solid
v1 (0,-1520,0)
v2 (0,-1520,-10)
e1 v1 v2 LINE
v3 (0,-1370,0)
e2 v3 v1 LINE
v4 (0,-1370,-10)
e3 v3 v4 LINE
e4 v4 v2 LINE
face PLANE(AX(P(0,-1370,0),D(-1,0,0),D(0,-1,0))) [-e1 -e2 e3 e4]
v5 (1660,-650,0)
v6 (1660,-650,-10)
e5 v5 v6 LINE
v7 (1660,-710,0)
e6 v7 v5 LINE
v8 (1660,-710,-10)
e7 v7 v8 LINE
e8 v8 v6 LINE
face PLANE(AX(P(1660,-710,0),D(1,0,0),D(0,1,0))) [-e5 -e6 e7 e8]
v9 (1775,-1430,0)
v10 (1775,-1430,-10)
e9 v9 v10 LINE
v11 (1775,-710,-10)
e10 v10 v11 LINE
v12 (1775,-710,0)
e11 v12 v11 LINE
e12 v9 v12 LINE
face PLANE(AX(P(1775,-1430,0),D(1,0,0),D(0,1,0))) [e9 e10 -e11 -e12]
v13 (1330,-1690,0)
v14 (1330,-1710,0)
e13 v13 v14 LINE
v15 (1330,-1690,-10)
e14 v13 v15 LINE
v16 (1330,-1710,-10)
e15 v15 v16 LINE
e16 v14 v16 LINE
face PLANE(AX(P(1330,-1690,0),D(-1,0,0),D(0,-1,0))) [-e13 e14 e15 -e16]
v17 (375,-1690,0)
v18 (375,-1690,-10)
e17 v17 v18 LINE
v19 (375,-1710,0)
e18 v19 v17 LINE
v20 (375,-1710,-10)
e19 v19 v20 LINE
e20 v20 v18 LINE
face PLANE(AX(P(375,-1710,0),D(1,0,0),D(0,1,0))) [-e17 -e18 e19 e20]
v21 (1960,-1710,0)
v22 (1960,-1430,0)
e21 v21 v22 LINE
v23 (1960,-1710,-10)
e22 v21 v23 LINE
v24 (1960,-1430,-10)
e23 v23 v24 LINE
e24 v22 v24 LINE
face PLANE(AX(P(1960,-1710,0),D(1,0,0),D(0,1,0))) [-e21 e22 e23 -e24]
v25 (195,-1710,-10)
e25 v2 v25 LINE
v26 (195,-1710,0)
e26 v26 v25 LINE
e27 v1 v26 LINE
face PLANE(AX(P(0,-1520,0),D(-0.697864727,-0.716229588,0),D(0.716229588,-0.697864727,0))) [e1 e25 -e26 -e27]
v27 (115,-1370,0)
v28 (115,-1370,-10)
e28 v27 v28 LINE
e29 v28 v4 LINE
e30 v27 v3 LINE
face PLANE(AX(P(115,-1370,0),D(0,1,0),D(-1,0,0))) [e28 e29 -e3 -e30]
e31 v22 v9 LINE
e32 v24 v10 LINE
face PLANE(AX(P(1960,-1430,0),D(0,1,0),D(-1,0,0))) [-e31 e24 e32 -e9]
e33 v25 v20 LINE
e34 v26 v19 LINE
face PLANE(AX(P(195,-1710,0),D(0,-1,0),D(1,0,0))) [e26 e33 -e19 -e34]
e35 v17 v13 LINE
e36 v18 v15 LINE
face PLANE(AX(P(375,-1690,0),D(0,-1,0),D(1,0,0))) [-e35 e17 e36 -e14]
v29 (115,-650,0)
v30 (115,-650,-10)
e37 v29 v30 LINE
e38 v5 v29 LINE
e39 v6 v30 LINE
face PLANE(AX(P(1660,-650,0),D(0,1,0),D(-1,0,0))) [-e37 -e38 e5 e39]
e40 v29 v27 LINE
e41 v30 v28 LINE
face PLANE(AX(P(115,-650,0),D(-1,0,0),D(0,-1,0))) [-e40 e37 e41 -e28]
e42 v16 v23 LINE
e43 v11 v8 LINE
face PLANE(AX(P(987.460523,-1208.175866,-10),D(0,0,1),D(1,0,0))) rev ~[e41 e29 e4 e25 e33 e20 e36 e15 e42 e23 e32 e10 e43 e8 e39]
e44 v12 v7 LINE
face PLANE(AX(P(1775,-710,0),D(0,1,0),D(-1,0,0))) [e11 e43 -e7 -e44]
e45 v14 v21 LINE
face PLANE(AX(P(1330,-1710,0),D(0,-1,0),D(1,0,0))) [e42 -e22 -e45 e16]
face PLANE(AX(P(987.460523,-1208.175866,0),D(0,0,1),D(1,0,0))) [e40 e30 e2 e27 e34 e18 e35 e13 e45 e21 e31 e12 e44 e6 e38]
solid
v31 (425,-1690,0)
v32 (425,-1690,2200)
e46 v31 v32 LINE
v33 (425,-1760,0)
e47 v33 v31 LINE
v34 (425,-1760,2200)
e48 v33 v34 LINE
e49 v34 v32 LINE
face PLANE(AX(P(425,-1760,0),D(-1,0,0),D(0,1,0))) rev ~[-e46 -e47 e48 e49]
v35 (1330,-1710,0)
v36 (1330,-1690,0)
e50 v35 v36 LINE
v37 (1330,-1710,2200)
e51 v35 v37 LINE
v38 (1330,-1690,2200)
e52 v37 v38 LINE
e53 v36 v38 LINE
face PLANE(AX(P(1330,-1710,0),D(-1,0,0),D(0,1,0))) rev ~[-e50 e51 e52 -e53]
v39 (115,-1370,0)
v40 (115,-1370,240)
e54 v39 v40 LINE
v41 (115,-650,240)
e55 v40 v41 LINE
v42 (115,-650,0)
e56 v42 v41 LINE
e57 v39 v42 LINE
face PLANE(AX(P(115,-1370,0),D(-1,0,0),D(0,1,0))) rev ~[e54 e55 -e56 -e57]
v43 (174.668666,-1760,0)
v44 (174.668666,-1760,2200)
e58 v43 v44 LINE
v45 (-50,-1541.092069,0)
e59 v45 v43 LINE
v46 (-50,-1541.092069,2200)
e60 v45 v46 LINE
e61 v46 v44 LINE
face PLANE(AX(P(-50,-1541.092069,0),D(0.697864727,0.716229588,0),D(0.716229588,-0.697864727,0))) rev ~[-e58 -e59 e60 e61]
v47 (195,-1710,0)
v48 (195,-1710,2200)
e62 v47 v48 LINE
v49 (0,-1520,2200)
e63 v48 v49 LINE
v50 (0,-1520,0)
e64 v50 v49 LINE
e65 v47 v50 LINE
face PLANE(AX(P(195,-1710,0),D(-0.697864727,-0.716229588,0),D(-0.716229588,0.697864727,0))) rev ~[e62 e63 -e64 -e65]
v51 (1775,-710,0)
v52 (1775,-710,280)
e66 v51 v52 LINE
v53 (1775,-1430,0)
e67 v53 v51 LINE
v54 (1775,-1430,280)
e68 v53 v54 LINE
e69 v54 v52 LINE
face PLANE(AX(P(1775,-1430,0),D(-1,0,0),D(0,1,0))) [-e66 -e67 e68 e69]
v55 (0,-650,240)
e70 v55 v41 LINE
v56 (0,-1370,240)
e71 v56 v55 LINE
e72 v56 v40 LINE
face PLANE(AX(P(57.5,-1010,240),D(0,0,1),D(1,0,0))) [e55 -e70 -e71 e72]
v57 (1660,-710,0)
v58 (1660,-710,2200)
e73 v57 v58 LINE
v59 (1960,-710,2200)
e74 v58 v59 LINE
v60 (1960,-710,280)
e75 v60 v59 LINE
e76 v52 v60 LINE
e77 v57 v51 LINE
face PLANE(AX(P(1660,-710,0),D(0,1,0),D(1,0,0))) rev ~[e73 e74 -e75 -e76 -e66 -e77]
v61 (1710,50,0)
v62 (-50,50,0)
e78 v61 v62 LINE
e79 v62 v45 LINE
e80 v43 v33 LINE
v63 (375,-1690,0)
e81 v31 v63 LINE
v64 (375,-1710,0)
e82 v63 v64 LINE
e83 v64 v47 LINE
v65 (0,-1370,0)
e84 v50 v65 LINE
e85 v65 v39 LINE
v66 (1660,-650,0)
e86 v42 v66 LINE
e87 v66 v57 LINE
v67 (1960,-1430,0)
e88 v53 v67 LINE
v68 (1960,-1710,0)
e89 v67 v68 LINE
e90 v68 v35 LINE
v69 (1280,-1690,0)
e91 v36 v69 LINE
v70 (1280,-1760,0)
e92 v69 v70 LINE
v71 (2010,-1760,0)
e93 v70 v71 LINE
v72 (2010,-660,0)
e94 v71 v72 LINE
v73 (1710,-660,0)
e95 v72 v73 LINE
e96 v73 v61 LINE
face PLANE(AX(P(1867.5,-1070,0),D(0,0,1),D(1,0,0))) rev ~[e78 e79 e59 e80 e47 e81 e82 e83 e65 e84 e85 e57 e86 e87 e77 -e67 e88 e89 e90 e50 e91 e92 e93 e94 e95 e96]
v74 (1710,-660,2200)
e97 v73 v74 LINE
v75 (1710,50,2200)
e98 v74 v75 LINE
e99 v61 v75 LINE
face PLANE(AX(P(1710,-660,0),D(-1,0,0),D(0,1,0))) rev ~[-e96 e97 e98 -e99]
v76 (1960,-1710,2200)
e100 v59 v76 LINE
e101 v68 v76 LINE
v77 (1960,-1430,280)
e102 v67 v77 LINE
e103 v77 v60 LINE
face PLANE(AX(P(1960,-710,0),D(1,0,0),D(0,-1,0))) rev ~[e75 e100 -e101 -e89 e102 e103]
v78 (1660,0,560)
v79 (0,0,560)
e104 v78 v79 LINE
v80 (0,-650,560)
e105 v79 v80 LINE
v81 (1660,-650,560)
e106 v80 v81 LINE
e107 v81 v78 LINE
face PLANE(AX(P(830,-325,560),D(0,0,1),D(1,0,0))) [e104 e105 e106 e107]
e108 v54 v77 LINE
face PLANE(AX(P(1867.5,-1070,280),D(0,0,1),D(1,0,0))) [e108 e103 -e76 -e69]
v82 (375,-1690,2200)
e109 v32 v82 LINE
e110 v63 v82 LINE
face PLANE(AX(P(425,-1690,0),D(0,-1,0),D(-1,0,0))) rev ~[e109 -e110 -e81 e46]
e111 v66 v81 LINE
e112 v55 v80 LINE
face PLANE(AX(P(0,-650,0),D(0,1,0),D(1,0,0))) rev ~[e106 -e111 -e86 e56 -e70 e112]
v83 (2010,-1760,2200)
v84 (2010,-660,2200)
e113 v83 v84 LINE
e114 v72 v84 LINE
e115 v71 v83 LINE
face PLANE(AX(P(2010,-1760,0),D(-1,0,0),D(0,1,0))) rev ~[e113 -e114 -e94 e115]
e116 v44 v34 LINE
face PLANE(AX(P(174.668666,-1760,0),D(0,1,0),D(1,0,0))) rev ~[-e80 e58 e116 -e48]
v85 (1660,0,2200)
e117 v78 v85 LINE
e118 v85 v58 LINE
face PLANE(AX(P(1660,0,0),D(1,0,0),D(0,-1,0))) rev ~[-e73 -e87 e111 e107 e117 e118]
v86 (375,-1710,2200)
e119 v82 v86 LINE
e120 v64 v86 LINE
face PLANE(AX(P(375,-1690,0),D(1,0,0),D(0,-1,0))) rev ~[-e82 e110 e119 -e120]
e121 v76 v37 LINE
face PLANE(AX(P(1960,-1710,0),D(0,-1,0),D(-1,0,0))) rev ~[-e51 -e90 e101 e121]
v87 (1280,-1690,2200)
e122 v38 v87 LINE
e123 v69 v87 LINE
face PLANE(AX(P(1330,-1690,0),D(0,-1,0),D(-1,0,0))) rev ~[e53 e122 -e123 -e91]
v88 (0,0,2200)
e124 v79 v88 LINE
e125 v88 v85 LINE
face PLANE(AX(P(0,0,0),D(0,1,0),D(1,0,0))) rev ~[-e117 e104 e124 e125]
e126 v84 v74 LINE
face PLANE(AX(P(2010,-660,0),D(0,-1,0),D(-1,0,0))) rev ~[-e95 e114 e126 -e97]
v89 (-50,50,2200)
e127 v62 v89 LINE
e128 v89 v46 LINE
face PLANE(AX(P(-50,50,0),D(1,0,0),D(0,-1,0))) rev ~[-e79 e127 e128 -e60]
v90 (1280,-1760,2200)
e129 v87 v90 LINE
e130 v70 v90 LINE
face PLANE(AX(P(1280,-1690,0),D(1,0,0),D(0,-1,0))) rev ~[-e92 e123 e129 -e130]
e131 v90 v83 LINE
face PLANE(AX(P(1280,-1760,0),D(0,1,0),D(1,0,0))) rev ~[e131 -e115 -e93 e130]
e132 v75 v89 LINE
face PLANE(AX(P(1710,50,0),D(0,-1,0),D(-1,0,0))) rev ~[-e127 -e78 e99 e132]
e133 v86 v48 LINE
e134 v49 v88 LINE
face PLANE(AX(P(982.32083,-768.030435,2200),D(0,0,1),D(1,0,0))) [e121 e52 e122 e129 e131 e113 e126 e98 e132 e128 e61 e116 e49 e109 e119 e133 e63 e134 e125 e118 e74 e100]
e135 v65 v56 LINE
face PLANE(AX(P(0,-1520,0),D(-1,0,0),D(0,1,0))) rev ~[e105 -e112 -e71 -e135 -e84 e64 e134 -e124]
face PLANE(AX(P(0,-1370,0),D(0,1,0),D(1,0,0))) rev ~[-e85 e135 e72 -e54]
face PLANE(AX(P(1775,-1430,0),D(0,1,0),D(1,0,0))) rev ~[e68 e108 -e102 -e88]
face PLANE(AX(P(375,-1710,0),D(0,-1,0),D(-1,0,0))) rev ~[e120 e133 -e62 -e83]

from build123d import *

# Parameters (mm, degrees)
F1_DEPTH = 2200
F2_DEPTH = 560
F0_W     = 115
F0_H     = 720
F3_DEPTH = 240
F0_W_2   = 185
F4_DEPTH = 280
F5_DEPTH = 10


with BuildPart() as f1:
    # F0 (on Top) → F1 (new body)
    with BuildSketch(Plane.XY):
        Polygon((0, -650), (0, 0), (1660, 0), (1660, -650), (1660, -710), (1775, -710), (1960, -710), (1960, -1430), (1960, -1710), (1330, -1710), (1330, -1690), (1280, -1690), (1280, -1740), (1280, -1760), (2010, -1760), (2010, -660), (1710, -660), (1710, 50), (-50, 50), (-50, -1541.092069), (174.668666, -1760), (425, -1760), (425, -1740), (425, -1690), (375, -1690), (375, -1710), (195, -1710), (0, -1520), (0, -1370), align=None)
    extrude(amount=F1_DEPTH)

    # F0 (on Top) → F2 (join)
    with BuildSketch(Plane.XY):
        Polygon((1660, 0), (0, 0), (0, -650), (115, -650), (1660, -650), align=None)
    extrude(amount=F2_DEPTH)

    # F0 (on Top) → F3 (join)
    with BuildSketch(Plane.XY):
        with Locations((57.5, -1010)):
            Rectangle(F0_W, F0_H)
    extrude(amount=F3_DEPTH)

    # F0 (on Top) → F4 (join)
    with BuildSketch(Plane.XY):
        with Locations((1867.5, -1070)):
            Rectangle(F0_W_2, F0_H)
    extrude(amount=F4_DEPTH)


with BuildPart() as f5:
    # F0 (on Top) → F5 (new body)
    with BuildSketch(Plane.XY):
        Polygon((1660, -710), (1660, -650), (115, -650), (115, -1370), (0, -1370), (0, -1520), (195, -1710), (375, -1710), (375, -1690), (425, -1690), (1280, -1690), (1330, -1690), (1330, -1710), (1960, -1710), (1960, -1430), (1775, -1430), (1775, -710), align=None)
    extrude(amount=-F5_DEPTH)


solid = Compound([f1.part, f5.part])
